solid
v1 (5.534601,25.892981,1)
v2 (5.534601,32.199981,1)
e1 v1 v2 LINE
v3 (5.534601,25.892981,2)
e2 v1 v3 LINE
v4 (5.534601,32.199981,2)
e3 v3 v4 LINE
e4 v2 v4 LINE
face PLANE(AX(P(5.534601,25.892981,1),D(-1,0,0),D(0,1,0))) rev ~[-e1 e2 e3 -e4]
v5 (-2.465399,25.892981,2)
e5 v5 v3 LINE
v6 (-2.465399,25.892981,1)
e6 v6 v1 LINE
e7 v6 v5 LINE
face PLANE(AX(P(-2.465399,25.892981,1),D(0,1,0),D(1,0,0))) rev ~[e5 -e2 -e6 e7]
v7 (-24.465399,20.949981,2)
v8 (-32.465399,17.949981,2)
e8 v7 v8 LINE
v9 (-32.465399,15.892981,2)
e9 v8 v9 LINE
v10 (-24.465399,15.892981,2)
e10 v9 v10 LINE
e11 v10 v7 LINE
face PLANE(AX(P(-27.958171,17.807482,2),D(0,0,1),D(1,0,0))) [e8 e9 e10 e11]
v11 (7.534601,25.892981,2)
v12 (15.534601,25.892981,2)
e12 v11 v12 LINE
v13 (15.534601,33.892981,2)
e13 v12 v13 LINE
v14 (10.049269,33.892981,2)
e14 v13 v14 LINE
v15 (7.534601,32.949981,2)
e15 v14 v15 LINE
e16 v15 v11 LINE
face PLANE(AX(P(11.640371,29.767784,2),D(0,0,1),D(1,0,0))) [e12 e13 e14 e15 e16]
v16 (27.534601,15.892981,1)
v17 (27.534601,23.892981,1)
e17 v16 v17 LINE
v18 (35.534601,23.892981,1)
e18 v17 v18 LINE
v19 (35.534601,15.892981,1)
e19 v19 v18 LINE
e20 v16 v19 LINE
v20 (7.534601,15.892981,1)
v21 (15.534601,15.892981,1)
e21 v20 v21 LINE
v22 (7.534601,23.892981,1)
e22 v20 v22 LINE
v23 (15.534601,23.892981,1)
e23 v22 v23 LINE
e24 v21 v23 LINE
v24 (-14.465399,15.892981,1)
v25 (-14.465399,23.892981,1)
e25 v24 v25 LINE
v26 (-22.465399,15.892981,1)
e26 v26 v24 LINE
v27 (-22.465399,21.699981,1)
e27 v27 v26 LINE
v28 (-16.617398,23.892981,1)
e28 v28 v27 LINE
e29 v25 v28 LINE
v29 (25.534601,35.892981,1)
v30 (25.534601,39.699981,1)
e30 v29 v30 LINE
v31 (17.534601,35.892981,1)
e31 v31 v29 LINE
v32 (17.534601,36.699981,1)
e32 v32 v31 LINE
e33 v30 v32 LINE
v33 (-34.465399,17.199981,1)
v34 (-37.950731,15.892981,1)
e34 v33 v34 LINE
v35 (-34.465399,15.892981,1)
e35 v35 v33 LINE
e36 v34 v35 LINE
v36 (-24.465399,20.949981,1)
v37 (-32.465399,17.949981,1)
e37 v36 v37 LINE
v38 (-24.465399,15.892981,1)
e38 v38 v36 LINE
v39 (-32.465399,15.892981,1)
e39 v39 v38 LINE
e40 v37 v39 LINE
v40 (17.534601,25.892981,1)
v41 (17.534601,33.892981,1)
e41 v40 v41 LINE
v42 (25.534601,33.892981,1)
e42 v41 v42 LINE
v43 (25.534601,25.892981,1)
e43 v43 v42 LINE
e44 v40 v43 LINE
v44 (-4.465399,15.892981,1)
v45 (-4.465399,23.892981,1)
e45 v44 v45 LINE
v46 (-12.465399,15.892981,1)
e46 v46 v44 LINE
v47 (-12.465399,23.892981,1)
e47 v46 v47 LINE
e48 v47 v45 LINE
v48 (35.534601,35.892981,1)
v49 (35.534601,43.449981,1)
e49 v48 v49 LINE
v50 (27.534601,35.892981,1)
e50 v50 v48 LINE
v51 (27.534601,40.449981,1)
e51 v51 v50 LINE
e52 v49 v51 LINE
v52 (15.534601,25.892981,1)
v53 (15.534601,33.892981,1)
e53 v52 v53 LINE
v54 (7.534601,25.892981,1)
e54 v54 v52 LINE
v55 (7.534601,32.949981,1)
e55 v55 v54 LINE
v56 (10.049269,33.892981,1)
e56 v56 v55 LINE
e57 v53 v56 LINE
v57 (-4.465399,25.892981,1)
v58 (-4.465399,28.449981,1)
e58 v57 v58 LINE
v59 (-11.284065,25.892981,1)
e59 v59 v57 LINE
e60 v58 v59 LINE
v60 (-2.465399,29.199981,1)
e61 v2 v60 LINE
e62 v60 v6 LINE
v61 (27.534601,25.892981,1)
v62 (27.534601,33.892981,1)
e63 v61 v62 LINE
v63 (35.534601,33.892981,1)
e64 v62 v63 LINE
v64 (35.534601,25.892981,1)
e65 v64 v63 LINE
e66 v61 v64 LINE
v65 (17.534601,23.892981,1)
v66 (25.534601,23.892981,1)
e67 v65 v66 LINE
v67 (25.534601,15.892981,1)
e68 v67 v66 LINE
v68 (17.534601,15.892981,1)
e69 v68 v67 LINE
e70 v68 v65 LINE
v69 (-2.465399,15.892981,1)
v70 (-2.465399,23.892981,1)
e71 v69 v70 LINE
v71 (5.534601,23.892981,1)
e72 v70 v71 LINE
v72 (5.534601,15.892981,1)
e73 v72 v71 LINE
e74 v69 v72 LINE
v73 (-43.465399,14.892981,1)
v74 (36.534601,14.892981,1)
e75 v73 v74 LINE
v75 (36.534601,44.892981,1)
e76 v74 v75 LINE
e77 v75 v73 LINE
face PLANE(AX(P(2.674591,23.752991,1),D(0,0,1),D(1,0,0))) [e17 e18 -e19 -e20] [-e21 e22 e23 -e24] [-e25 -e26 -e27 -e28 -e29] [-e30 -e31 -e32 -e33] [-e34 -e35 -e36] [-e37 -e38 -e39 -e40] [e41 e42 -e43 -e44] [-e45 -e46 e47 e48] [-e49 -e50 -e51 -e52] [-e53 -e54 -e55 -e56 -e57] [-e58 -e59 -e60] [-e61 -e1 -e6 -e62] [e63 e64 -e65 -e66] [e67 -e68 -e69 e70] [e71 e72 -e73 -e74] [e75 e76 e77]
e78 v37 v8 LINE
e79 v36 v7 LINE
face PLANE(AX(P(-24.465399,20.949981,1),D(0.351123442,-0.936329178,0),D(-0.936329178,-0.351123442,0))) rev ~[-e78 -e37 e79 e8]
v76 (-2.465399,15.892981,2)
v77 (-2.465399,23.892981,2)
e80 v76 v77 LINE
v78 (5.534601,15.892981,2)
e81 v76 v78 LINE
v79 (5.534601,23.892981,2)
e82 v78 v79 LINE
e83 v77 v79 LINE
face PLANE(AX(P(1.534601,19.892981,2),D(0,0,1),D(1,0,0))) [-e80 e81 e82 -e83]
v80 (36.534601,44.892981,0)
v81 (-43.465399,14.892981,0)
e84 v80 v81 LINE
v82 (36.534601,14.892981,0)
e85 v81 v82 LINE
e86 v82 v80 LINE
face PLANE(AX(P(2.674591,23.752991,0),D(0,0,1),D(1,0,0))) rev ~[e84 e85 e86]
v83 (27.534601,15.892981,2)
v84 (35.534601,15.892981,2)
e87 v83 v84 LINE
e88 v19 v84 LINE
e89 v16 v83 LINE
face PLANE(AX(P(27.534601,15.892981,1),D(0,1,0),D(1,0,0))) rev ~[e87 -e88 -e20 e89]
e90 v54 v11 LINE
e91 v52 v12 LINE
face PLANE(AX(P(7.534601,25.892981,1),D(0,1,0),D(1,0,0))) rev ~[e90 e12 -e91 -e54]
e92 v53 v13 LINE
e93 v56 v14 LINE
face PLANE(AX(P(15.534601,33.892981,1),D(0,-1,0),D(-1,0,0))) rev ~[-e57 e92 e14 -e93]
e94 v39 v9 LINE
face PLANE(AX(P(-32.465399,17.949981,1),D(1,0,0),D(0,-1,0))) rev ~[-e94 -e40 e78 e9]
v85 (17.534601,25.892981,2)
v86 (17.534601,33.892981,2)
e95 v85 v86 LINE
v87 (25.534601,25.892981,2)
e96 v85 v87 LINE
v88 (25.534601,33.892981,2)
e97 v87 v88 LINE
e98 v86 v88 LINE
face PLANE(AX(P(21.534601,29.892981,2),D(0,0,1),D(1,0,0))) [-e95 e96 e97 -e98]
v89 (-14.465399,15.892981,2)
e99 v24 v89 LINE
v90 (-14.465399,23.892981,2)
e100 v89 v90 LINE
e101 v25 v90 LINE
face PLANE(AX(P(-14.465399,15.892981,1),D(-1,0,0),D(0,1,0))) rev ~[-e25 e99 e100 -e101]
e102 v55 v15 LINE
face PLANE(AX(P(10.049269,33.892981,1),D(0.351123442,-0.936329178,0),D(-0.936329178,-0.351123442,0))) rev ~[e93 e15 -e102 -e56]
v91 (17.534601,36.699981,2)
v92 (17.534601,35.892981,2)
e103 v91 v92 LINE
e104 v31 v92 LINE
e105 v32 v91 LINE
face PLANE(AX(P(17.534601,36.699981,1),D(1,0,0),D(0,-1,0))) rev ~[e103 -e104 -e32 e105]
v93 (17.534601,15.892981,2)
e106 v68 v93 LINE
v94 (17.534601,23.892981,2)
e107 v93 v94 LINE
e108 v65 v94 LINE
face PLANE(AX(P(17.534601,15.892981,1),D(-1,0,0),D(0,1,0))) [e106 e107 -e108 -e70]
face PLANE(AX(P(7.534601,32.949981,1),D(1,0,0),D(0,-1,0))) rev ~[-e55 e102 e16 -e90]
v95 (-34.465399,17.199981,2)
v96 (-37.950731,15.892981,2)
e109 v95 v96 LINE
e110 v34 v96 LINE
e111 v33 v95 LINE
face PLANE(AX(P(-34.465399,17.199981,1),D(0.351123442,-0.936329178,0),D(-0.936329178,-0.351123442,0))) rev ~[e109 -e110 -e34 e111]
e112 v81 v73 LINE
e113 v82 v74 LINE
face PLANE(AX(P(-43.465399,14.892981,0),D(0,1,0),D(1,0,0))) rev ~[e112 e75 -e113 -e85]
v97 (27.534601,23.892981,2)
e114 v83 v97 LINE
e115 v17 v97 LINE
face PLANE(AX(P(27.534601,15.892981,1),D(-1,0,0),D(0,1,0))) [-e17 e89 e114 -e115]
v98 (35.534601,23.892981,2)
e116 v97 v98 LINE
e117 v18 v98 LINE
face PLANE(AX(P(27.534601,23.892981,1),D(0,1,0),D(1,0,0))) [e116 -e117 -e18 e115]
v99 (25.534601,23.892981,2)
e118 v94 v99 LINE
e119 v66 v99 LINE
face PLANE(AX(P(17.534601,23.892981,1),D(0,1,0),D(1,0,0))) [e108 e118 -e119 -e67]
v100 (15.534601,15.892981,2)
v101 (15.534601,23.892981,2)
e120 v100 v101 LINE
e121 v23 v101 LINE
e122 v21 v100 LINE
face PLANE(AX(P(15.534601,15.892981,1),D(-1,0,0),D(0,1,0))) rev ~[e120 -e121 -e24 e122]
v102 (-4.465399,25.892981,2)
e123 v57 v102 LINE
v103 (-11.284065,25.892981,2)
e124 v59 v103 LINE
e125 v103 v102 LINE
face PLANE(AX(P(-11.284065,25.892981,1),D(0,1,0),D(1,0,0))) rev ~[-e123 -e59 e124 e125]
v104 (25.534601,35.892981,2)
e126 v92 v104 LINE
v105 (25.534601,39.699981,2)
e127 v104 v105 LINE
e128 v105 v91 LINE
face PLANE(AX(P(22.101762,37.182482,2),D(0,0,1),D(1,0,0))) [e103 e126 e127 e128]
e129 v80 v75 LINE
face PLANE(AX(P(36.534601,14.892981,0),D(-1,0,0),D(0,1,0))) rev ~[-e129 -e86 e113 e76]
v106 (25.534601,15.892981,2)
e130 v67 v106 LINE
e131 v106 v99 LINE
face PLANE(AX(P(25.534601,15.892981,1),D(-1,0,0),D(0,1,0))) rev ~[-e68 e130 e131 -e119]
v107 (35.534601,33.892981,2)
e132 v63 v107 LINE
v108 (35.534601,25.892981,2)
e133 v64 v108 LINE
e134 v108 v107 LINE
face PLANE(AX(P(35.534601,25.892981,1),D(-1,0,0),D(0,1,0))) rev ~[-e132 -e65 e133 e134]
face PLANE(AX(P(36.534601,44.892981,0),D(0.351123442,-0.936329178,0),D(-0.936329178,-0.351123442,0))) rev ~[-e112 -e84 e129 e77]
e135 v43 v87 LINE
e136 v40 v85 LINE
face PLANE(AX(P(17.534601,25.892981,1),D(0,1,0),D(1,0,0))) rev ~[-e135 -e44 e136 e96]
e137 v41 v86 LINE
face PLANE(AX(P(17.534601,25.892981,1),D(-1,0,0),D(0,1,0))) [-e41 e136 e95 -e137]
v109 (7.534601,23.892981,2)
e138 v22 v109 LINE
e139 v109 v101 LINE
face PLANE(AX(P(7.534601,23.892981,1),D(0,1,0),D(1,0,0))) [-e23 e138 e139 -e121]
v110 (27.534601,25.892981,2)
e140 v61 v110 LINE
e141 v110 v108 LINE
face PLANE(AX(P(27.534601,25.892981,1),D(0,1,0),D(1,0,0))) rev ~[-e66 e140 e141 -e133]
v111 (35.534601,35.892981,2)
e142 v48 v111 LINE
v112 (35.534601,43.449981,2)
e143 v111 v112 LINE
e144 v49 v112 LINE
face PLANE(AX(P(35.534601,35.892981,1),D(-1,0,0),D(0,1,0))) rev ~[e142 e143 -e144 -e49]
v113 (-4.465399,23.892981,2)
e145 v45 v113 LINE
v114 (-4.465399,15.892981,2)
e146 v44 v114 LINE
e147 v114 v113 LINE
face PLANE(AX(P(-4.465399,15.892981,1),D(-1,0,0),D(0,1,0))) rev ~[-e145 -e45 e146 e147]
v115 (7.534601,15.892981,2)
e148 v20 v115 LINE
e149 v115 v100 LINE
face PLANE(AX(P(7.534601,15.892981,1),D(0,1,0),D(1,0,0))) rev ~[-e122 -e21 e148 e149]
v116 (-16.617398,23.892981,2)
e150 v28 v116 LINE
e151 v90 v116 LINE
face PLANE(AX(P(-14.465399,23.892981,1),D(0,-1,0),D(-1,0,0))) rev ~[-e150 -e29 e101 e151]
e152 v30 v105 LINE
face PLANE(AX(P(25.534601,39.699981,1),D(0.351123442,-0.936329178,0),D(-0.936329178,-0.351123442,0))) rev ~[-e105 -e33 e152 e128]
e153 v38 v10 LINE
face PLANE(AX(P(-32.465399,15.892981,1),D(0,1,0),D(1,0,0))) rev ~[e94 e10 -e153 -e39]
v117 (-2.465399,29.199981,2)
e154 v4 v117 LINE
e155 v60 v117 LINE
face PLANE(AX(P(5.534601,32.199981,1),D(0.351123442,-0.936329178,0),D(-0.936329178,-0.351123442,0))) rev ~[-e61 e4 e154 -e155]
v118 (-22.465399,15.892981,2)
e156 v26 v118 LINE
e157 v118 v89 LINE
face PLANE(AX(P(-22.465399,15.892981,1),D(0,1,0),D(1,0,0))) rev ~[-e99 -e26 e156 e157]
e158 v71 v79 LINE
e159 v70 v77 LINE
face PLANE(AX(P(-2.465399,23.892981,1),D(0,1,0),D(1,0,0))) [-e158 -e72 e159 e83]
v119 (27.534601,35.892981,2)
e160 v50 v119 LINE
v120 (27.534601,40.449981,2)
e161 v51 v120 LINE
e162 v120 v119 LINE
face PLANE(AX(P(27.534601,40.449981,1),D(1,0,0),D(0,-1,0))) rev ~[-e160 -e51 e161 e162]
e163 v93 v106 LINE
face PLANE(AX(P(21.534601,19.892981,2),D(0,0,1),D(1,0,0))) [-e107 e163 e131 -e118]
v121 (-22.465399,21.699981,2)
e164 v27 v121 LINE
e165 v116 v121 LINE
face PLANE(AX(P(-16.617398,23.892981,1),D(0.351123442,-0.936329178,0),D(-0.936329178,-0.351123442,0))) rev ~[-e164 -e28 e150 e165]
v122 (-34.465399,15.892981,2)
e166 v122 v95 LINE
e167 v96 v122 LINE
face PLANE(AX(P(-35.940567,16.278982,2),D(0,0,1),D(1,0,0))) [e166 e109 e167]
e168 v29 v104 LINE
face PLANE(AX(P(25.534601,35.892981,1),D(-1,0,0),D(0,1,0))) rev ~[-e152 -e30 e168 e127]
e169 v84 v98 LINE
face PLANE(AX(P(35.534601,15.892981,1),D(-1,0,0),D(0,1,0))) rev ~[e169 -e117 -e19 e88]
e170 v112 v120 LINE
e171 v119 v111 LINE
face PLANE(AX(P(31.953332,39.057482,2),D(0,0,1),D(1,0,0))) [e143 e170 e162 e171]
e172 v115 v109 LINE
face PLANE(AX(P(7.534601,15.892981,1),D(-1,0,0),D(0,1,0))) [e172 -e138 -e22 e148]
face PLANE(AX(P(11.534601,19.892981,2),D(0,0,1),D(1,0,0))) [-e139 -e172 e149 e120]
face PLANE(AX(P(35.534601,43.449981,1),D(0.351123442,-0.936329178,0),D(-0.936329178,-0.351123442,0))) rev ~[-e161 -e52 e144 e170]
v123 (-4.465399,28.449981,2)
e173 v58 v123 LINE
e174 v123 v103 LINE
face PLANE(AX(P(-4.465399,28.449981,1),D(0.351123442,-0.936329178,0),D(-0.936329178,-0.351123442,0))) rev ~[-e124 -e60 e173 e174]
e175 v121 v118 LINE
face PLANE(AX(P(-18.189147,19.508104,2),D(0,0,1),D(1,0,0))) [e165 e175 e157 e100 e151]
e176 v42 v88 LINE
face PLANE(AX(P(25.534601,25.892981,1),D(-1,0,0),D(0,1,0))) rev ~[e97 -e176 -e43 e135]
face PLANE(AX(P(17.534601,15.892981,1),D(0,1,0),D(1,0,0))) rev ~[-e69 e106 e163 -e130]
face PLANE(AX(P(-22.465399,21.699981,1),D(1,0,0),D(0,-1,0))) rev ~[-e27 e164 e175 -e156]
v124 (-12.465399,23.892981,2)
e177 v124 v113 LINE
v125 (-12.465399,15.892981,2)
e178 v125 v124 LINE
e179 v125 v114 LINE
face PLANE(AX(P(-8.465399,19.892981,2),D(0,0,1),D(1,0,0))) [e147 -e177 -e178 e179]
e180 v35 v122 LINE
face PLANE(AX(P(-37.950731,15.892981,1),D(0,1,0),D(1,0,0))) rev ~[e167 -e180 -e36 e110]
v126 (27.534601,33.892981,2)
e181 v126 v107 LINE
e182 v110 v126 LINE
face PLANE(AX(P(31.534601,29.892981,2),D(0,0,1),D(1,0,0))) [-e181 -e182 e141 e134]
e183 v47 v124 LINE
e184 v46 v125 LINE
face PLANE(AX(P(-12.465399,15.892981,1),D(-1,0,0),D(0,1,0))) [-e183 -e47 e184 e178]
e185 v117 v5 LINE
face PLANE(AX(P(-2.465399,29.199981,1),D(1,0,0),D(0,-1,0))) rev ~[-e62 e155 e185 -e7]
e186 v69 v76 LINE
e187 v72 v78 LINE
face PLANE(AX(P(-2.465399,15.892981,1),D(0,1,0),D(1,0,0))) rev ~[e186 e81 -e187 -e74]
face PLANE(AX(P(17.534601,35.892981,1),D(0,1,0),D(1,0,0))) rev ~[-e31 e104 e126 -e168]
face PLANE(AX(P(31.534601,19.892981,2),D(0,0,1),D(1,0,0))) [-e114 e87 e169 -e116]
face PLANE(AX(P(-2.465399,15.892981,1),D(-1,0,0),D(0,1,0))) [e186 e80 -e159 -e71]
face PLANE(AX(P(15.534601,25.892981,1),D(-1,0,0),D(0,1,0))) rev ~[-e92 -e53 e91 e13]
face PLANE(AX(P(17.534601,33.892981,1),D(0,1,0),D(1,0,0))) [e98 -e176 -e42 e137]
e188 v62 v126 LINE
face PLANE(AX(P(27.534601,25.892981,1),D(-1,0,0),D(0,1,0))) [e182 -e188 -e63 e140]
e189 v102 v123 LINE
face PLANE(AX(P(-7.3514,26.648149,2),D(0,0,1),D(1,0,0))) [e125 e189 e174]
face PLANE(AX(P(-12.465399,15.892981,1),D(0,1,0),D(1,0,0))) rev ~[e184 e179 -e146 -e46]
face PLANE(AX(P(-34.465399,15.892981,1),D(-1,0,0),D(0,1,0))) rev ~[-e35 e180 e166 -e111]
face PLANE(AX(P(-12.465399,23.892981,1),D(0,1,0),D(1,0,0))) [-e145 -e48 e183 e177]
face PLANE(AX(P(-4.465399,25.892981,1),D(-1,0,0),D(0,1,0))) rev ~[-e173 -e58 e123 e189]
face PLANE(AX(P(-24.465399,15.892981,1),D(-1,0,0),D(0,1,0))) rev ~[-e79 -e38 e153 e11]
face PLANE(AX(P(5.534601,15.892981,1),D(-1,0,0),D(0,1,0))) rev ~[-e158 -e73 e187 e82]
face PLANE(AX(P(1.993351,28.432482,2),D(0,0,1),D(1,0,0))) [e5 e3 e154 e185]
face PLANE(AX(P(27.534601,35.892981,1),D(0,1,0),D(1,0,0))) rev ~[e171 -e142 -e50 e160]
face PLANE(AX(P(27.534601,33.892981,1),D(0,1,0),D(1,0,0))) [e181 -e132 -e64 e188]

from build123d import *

# Parameters (mm, degrees)
F1_DEPTH = 1
F2_W     = 8
F2_H     = 8
F3_DEPTH = 1


with BuildPart() as f1:
    # F0 (on Top) → F1 (new body)
    with BuildSketch(Plane.XY):
        Polygon((36.5346006826, 44.8929812461), (-43.4653993174, 14.8929812461), (36.5346006826, 14.8929812461), align=None)
    extrude(amount=F1_DEPTH)

    # F2 (on face) → F3 (join)
    with BuildSketch(Plane.XY.offset(1)):
        Polygon((-34.4653993174, 15.8929812461), (-34.4653993174, 17.1999807779), (-37.9507314023, 15.8929812461), align=None)
        Polygon((-24.4653993174, 15.8929812461), (-24.4653993174, 20.9499807779), (-32.4653993174, 17.9499807779), (-32.4653993174, 15.8929812461), align=None)
        Polygon((-14.4653993174, 15.8929812461), (-14.4653993174, 23.8929812461), (-16.617398069, 23.8929812461), (-22.4653993174, 21.6999807779), (-22.4653993174, 15.8929812461), align=None)
        with Locations((-8.4653993174, 19.8929812461)):
            Rectangle(F2_W, F2_H)
        Polygon((-4.4653993174, 25.8929812461), (-4.4653993174, 28.4499807779), (-11.2840647357, 25.8929812461), align=None)
        Polygon((5.5346006826, 25.8929812461), (5.5346006826, 32.1999807779), (-2.4653993174, 29.1999807779), (-2.4653993174, 25.8929812461), align=None)
        with Locations((1.5346006826, 19.8929812461)):
            Rectangle(F2_W, F2_H)
        Polygon((15.5346006826, 25.8929812461), (15.5346006826, 33.8929812461), (10.0492685977, 33.8929812461), (7.5346006826, 32.9499807779), (7.5346006826, 25.8929812461), align=None)
        with Locations((11.5346006826, 19.8929812461)):
            Rectangle(F2_W, F2_H)
        with Locations((21.5346006826, 29.8929812461)):
            Rectangle(F2_W, F2_H)
        Polygon((25.5346006826, 35.8929812461), (25.5346006826, 39.6999807779), (17.5346006826, 36.6999807779), (17.5346006826, 35.8929812461), align=None)
        with Locations((21.5346006826, 19.8929812461)):
            Rectangle(F2_W, F2_H)
        Polygon((35.5346006826, 35.8929812461), (35.5346006826, 43.4499807779), (27.5346006826, 40.4499807779), (27.5346006826, 35.8929812461), align=None)
        with Locations((31.5346006826, 29.8929812461)):
            Rectangle(F2_W, F2_H)
        with Locations((31.5346006826, 19.8929812461)):
            Rectangle(F2_W, F2_H)
    extrude(amount=F3_DEPTH)


solid = f1.part
